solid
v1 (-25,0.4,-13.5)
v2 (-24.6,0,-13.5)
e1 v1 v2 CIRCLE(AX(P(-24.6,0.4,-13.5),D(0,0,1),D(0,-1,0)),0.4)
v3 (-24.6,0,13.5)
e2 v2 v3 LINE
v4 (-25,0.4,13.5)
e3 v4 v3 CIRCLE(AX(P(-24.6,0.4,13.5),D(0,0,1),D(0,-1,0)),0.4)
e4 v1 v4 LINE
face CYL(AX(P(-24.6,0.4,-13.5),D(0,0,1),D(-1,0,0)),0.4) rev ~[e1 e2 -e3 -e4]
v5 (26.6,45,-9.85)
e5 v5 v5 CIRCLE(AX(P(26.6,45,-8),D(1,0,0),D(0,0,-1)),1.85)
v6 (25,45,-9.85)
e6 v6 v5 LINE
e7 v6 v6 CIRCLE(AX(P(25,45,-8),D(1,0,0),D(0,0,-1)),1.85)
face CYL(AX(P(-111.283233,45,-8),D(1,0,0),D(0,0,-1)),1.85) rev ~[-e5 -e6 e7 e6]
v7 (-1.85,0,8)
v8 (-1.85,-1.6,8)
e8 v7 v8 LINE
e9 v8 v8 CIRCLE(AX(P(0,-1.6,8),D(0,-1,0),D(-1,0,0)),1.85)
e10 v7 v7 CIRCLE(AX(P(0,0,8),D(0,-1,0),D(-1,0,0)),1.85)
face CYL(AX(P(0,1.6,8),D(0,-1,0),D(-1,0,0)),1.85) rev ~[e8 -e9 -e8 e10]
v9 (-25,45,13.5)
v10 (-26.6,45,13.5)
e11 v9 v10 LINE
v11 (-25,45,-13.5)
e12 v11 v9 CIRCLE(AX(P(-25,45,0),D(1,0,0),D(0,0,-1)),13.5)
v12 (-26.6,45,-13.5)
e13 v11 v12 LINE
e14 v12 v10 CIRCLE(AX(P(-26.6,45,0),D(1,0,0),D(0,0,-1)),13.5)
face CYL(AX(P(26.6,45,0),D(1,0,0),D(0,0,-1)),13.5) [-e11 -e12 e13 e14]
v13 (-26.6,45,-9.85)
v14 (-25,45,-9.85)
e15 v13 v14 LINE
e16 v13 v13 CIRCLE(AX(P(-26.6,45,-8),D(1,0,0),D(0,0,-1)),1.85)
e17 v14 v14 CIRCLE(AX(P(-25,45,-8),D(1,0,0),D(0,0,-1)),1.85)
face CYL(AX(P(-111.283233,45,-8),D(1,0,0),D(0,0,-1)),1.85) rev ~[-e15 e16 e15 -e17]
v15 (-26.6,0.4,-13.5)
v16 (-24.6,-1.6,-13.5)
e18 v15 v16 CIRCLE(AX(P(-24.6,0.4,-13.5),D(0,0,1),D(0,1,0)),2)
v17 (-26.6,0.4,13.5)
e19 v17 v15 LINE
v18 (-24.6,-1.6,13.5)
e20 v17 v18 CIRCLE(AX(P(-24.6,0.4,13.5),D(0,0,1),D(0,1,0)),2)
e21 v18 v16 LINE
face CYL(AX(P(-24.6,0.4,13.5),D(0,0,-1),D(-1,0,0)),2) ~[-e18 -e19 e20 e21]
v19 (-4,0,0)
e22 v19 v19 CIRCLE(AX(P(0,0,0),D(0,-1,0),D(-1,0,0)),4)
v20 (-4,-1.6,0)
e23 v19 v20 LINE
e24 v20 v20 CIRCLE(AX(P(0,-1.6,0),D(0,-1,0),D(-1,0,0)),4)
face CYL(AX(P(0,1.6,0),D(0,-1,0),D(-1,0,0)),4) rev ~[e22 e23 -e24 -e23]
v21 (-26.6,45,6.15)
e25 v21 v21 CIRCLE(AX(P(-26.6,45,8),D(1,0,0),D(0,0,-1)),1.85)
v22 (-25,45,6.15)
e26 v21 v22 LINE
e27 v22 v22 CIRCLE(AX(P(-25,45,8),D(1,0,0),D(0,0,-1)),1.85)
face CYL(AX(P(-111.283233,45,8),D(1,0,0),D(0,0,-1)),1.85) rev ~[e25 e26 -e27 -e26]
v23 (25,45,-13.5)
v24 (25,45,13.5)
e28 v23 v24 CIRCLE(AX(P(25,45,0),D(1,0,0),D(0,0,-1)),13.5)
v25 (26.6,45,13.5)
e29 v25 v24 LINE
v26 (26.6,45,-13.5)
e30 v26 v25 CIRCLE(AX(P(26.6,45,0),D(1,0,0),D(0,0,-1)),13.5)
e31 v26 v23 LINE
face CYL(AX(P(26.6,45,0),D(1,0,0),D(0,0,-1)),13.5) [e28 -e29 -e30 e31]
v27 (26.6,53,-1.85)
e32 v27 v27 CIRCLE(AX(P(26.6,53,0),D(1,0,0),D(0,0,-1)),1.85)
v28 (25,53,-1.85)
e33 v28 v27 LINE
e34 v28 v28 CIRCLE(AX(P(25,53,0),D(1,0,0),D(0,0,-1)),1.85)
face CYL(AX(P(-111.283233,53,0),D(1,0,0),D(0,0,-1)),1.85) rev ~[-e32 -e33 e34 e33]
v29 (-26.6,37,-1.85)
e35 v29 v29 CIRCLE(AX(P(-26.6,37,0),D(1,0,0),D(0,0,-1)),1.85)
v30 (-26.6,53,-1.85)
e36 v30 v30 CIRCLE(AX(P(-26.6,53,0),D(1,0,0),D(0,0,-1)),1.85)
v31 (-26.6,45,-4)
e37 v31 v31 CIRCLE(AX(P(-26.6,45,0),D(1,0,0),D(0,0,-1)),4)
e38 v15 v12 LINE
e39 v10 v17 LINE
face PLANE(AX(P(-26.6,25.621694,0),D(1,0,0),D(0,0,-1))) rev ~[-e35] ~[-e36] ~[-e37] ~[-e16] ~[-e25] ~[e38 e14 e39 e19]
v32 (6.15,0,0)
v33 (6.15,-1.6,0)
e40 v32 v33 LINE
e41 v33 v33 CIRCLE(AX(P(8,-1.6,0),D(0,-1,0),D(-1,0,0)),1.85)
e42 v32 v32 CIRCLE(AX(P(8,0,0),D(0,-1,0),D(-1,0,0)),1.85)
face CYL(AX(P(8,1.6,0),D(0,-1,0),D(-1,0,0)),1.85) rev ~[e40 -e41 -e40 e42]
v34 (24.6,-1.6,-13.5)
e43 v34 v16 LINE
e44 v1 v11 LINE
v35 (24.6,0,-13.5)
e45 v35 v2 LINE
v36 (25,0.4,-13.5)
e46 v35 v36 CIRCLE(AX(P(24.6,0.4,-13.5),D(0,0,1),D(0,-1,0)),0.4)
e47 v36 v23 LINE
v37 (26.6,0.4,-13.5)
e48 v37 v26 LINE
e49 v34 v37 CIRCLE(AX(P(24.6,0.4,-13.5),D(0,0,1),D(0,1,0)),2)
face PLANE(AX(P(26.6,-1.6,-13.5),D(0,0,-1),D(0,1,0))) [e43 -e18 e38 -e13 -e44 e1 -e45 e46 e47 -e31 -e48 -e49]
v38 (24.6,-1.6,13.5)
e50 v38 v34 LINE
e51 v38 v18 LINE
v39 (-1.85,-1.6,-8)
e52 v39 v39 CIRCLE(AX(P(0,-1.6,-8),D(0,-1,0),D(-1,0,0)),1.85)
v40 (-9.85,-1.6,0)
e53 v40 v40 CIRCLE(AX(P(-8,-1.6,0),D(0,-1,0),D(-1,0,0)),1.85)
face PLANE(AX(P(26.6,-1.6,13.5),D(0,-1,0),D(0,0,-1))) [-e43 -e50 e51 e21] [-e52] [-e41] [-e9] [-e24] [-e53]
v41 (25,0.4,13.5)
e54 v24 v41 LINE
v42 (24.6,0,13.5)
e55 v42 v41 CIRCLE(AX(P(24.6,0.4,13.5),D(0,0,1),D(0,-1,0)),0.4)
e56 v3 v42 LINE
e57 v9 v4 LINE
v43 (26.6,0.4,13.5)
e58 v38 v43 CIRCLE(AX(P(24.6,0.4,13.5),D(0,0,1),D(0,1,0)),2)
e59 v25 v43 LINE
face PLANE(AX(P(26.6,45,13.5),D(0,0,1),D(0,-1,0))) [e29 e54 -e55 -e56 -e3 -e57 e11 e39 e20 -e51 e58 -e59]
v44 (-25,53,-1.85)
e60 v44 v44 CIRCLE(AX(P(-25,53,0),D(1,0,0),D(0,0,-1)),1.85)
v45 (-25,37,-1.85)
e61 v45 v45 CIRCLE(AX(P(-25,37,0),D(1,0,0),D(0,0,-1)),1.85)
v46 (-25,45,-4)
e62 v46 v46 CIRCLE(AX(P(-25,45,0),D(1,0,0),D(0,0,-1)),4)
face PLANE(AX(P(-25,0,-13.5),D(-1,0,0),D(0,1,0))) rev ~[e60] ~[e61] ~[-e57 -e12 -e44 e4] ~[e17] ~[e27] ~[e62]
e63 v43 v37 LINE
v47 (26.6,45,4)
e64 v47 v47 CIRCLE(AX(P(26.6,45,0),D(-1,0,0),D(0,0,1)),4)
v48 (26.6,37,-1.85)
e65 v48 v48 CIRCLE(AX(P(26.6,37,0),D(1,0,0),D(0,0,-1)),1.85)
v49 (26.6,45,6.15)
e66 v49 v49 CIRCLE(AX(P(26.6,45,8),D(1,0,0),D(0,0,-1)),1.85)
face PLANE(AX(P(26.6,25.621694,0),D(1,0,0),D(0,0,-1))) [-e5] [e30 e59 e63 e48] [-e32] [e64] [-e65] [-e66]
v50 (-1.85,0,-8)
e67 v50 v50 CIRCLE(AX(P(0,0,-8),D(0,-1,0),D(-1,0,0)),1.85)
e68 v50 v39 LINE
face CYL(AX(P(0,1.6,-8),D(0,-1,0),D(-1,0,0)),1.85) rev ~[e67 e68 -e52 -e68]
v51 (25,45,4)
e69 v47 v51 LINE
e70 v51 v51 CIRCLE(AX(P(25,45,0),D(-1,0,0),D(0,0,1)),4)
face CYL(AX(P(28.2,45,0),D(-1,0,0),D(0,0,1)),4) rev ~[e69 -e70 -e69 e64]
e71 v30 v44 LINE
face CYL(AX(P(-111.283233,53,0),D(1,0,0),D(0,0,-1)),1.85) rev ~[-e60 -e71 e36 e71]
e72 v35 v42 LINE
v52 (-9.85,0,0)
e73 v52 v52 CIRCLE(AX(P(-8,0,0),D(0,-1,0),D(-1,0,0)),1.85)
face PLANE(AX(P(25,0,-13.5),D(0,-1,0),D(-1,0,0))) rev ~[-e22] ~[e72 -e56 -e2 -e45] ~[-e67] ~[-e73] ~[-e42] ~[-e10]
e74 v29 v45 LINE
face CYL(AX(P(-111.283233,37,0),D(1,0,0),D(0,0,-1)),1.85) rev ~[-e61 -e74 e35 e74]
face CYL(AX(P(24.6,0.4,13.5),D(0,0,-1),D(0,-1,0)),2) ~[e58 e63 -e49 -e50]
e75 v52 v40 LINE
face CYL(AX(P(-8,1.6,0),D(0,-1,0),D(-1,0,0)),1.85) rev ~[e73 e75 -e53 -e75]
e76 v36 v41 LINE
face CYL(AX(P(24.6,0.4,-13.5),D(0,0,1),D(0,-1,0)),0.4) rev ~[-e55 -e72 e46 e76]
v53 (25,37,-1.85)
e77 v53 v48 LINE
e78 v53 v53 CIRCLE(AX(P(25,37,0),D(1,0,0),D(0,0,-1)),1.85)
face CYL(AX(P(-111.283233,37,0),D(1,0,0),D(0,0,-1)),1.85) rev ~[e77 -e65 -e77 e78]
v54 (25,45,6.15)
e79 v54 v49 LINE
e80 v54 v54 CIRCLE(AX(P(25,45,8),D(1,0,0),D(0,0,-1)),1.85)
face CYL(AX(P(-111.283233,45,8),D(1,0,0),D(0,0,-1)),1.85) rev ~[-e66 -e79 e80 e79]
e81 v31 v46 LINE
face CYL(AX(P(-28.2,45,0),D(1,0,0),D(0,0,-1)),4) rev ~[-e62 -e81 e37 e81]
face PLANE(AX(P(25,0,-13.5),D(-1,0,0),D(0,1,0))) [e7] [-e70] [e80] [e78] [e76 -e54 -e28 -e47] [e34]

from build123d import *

# Parameters (mm, degrees)
BOSS_EXTRUDE1_DEPTH            = 53.2
SKETCH2_W                      = 50
SKETCH2_H                      = 63.5
CUT_EXTRUDE1_DEPTH             = 28
F_8_0_8_DIAMETER_HOLE1_D       = 8
F_8_0_8_DIAMETER_HOLE1_DEPTH   = 1.6
F_3_7_3_7_DIAMETER_HOLE1_D     = 3.7
F_3_7_3_7_DIAMETER_HOLE2_D     = 3.7
F_3_7_3_7_DIAMETER_HOLE2_DEPTH = 1.6
F_8_0_8_DIAMETER_HOLE2_D       = 8
F_8_0_8_DIAMETER_HOLE2_DEPTH   = 1.6
F_8_0_8_DIAMETER_HOLE3_D       = 8
F_8_0_8_DIAMETER_HOLE3_DEPTH   = 1.6
FILLET1_R                      = 0.4
FILLET2_R                      = 2


with BuildPart() as part:
    # Sketch1 → Boss-Extrude1 (new body)
    with BuildSketch(Plane(origin=(26.6, 0, 0), x_dir=(0, 0, -1), z_dir=(1, 0, 0))):
        with BuildLine():
            Line((-13.5, 45), (-13.5, -1.6))
            Line((-13.5, -1.6), (13.5, -1.6))
            Line((13.5, -1.6), (13.5, 45))
            ThreePointArc((13.5, 45), (0, 58.5), (-13.5, 45))
        make_face()
    extrude(amount=-BOSS_EXTRUDE1_DEPTH)

    # Sketch2 → Cut-Extrude1 (cut, through all)
    with BuildSketch(Plane(origin=(0, 0, -13.5), x_dir=(-1, 0, 0), z_dir=(0, 0, -1))):
        with Locations((0, 31.75)):
            Rectangle(SKETCH2_W, SKETCH2_H)
    extrude(amount=-CUT_EXTRUDE1_DEPTH, mode=Mode.SUBTRACT)

    # Ø8.0 (8) Diameter Hole1
    with Locations(Plane.ZY.offset(26.6)):
        with Locations((0, 45)):
            Hole(F_8_0_8_DIAMETER_HOLE1_D / 2, depth=F_8_0_8_DIAMETER_HOLE1_DEPTH)

    # Ø3.7 (3.7) Diameter Hole1 (through all)
    with Locations(Plane.ZY.offset(26.6)):
        with Locations((0, 53), (-8, 45), (0, 37), (8, 45)):
            Hole(F_3_7_3_7_DIAMETER_HOLE1_D / 2)

    # Ø3.7 (3.7) Diameter Hole2
    with Locations(Plane(origin=(0, 0, 0), x_dir=(1, 0, 0), z_dir=(0, 1, 0))):
        with Locations((0, 8), (8, 0), (0, -8), (-8, 0)):
            Hole(F_3_7_3_7_DIAMETER_HOLE2_D / 2, depth=F_3_7_3_7_DIAMETER_HOLE2_DEPTH)

    # Ø8.0 (8) Diameter Hole2
    with Locations(Plane(origin=(0, 0, 0), x_dir=(1, 0, 0), z_dir=(0, 1, 0))):
        with Locations((0, 0)):
            Hole(F_8_0_8_DIAMETER_HOLE2_D / 2, depth=F_8_0_8_DIAMETER_HOLE2_DEPTH)

    # Ø8.0 (8) Diameter Hole3
    with Locations(Plane(origin=(26.6, 0, 0), x_dir=(0, 0, -1), z_dir=(1, 0, 0))):
        with Locations((0, 45)):
            Hole(F_8_0_8_DIAMETER_HOLE3_D / 2, depth=F_8_0_8_DIAMETER_HOLE3_DEPTH)

    # Fillet1
    fillet1_edges = [part.edges().sort_by_distance(p)[0] for p in [
        (-25, 0, 0),
        (25, 0, 0),
    ]]
    fillet(fillet1_edges, radius=FILLET1_R)

    # Fillet2
    fillet2_edges = [part.edges().sort_by_distance(p)[0] for p in [
        (-26.6, -1.6, 0),
        (26.6, -1.6, 0),
    ]]
    fillet(fillet2_edges, radius=FILLET2_R)


solid = part.part
